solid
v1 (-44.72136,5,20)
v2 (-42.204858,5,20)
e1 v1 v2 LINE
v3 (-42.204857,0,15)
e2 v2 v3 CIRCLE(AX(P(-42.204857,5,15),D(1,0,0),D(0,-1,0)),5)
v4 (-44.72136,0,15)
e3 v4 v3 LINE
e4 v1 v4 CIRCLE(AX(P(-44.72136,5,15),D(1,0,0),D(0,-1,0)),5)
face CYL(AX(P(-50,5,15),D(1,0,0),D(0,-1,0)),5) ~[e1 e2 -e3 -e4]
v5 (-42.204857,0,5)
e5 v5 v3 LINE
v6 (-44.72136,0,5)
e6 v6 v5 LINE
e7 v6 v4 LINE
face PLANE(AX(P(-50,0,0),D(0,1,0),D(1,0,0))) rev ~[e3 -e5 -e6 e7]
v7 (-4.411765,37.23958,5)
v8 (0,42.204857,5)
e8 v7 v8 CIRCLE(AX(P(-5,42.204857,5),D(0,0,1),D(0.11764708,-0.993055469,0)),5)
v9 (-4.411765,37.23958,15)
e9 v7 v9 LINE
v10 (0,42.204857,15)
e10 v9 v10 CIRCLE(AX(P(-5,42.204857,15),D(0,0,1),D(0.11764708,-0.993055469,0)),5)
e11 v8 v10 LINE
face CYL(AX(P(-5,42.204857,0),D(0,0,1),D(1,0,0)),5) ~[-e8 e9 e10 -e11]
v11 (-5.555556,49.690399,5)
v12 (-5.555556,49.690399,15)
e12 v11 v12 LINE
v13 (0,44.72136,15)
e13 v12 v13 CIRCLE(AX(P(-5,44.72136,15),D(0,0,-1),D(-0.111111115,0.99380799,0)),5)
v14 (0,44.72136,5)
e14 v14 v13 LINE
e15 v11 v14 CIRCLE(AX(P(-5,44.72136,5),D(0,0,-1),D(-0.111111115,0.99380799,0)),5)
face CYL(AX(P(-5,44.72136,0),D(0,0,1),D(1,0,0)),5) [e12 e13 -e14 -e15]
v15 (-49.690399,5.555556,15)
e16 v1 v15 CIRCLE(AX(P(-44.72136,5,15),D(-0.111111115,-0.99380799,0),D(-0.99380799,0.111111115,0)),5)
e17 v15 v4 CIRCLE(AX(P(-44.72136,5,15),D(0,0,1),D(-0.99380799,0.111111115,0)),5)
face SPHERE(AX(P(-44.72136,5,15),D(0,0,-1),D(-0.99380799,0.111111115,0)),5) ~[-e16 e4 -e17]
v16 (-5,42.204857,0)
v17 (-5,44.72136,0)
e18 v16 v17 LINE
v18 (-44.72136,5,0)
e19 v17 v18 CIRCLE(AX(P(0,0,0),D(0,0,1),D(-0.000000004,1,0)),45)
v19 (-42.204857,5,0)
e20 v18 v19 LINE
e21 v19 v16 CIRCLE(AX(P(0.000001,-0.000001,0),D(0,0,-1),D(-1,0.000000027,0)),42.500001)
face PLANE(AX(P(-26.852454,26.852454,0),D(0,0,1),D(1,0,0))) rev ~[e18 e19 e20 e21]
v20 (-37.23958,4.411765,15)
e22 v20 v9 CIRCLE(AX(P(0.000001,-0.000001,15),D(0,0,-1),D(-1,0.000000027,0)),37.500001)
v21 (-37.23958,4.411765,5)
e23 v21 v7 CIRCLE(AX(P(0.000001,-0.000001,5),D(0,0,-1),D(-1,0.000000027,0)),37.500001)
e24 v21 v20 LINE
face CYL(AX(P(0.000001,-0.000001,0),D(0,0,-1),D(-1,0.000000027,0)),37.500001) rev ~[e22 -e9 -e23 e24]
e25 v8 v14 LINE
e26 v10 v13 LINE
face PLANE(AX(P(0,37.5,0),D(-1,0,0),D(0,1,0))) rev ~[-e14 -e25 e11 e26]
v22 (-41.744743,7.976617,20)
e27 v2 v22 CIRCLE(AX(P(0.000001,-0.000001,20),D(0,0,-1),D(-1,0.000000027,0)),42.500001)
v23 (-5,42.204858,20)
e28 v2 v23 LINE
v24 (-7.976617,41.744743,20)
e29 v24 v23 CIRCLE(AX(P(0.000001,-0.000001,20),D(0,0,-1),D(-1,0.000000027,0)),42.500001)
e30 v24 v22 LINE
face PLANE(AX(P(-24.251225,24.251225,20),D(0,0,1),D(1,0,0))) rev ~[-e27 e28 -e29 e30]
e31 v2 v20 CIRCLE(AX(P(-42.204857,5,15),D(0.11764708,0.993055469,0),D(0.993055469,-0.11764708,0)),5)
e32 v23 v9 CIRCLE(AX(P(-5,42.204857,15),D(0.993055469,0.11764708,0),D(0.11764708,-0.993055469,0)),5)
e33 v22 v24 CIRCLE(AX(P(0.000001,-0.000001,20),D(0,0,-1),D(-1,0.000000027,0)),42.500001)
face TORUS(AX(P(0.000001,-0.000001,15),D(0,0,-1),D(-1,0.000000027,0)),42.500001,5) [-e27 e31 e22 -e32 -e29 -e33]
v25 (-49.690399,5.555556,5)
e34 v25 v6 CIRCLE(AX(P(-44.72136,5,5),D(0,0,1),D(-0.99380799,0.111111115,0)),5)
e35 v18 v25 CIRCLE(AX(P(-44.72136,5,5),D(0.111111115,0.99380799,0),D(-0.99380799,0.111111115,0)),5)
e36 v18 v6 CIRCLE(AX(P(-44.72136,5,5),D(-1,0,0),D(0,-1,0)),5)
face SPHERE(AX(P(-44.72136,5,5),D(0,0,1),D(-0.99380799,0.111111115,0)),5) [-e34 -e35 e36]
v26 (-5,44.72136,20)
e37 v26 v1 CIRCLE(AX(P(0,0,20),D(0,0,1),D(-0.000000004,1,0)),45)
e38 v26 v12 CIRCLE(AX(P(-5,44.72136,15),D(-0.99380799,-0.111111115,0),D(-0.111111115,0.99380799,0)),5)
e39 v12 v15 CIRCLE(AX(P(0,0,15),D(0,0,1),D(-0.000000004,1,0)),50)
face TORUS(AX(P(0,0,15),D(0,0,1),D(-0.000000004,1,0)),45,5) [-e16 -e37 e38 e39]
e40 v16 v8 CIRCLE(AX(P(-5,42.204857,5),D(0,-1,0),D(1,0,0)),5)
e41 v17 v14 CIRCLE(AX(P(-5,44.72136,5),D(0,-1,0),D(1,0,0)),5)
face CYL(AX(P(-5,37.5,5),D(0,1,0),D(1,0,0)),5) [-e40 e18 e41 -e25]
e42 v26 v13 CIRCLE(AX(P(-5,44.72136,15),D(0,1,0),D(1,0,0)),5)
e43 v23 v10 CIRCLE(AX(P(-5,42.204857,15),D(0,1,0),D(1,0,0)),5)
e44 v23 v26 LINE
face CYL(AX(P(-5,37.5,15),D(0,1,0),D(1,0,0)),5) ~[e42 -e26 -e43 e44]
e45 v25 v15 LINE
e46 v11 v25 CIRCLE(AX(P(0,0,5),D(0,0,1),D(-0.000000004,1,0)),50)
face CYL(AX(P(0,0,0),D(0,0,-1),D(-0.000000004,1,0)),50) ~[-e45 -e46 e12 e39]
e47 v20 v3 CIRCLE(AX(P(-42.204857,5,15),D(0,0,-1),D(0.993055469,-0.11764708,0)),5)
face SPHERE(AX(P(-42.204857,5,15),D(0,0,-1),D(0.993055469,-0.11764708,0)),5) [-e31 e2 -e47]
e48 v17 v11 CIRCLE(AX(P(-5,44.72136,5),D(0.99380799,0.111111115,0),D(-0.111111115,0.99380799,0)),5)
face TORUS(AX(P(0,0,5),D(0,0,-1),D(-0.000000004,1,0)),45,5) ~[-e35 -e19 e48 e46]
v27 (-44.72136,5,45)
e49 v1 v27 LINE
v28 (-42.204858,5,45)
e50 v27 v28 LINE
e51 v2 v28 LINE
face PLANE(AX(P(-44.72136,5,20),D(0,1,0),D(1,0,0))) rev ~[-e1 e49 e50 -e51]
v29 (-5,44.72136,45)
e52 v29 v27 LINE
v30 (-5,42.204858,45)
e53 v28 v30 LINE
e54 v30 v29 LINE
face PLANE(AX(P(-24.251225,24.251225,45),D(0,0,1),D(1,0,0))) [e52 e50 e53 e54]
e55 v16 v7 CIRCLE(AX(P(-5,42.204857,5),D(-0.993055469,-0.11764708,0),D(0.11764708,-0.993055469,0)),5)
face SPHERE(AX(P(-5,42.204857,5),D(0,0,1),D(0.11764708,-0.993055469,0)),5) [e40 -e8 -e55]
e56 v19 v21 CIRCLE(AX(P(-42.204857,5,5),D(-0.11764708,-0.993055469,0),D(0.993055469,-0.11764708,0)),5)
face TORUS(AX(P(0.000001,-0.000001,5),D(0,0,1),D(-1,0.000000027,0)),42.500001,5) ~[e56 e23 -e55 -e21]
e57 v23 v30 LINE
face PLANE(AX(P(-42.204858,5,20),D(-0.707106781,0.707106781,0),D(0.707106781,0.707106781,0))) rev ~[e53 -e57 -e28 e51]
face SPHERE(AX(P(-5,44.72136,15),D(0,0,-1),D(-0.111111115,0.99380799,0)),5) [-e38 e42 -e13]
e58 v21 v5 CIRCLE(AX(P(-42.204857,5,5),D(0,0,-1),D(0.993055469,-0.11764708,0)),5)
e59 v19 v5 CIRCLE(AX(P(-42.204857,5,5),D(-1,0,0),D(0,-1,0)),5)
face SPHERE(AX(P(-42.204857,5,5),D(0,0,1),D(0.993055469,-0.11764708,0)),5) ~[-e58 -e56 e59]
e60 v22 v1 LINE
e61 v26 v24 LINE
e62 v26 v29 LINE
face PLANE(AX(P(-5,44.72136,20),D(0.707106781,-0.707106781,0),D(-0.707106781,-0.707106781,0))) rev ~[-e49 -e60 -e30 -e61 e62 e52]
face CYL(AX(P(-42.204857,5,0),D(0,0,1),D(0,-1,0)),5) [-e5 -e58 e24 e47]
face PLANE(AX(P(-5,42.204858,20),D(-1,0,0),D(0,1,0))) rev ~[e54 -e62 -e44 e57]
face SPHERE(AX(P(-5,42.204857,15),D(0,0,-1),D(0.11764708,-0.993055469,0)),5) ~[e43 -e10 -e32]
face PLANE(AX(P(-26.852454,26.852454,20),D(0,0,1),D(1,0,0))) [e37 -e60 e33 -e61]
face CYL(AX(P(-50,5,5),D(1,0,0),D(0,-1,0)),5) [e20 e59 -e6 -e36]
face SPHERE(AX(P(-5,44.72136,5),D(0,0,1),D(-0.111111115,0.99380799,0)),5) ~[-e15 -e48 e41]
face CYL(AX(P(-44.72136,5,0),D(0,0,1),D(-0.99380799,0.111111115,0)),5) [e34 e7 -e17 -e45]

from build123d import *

# Parameters (mm, degrees)
F1_DEPTH = 20
F2_R     = 5
F4_DEPTH = 25


with BuildPart() as f1:
    # F0 (on Top) → F1 (new body)
    with BuildSketch(Plane.XY):
        with BuildLine():
            Line((0, 37.5), (0, 50))
            ThreePointArc((0, 50), (-35.355339, 35.355339), (-50, 0))
            Line((-50, 0), (-37.5, 0))
            ThreePointArc((-37.5, 0), (-26.516504, 26.516504), (0, 37.5))
        make_face()
    extrude(amount=F1_DEPTH)

    # F2
    f2_edges = [f1.edges().sort_by_distance(p)[0] for p in [
        (-26.516504, 26.516504, 0),
        (-26.516504, 26.516504, 20),
        (-43.75, 0, 0),
        (-43.75, 0, 20),
        (0, 43.75, 0),
        (0, 43.75, 20),
        (-50, 0, 10),
        (0, 50, 10),
        (0, 37.5, 10),
        (-37.5, 0, 10),
        (-35.355339, 35.355339, 0),
        (-35.355339, 35.355339, 20),
    ]]
    fillet(f2_edges, radius=F2_R)

    # F3 (on face) → F4 (join)
    with BuildSketch(Plane.XY.offset(20)):
        Polygon((-5, 44.72136), (-44.72136, 5), (-42.204858, 5), (-5, 42.204858), align=None)
    extrude(amount=F4_DEPTH)


solid = f1.part
